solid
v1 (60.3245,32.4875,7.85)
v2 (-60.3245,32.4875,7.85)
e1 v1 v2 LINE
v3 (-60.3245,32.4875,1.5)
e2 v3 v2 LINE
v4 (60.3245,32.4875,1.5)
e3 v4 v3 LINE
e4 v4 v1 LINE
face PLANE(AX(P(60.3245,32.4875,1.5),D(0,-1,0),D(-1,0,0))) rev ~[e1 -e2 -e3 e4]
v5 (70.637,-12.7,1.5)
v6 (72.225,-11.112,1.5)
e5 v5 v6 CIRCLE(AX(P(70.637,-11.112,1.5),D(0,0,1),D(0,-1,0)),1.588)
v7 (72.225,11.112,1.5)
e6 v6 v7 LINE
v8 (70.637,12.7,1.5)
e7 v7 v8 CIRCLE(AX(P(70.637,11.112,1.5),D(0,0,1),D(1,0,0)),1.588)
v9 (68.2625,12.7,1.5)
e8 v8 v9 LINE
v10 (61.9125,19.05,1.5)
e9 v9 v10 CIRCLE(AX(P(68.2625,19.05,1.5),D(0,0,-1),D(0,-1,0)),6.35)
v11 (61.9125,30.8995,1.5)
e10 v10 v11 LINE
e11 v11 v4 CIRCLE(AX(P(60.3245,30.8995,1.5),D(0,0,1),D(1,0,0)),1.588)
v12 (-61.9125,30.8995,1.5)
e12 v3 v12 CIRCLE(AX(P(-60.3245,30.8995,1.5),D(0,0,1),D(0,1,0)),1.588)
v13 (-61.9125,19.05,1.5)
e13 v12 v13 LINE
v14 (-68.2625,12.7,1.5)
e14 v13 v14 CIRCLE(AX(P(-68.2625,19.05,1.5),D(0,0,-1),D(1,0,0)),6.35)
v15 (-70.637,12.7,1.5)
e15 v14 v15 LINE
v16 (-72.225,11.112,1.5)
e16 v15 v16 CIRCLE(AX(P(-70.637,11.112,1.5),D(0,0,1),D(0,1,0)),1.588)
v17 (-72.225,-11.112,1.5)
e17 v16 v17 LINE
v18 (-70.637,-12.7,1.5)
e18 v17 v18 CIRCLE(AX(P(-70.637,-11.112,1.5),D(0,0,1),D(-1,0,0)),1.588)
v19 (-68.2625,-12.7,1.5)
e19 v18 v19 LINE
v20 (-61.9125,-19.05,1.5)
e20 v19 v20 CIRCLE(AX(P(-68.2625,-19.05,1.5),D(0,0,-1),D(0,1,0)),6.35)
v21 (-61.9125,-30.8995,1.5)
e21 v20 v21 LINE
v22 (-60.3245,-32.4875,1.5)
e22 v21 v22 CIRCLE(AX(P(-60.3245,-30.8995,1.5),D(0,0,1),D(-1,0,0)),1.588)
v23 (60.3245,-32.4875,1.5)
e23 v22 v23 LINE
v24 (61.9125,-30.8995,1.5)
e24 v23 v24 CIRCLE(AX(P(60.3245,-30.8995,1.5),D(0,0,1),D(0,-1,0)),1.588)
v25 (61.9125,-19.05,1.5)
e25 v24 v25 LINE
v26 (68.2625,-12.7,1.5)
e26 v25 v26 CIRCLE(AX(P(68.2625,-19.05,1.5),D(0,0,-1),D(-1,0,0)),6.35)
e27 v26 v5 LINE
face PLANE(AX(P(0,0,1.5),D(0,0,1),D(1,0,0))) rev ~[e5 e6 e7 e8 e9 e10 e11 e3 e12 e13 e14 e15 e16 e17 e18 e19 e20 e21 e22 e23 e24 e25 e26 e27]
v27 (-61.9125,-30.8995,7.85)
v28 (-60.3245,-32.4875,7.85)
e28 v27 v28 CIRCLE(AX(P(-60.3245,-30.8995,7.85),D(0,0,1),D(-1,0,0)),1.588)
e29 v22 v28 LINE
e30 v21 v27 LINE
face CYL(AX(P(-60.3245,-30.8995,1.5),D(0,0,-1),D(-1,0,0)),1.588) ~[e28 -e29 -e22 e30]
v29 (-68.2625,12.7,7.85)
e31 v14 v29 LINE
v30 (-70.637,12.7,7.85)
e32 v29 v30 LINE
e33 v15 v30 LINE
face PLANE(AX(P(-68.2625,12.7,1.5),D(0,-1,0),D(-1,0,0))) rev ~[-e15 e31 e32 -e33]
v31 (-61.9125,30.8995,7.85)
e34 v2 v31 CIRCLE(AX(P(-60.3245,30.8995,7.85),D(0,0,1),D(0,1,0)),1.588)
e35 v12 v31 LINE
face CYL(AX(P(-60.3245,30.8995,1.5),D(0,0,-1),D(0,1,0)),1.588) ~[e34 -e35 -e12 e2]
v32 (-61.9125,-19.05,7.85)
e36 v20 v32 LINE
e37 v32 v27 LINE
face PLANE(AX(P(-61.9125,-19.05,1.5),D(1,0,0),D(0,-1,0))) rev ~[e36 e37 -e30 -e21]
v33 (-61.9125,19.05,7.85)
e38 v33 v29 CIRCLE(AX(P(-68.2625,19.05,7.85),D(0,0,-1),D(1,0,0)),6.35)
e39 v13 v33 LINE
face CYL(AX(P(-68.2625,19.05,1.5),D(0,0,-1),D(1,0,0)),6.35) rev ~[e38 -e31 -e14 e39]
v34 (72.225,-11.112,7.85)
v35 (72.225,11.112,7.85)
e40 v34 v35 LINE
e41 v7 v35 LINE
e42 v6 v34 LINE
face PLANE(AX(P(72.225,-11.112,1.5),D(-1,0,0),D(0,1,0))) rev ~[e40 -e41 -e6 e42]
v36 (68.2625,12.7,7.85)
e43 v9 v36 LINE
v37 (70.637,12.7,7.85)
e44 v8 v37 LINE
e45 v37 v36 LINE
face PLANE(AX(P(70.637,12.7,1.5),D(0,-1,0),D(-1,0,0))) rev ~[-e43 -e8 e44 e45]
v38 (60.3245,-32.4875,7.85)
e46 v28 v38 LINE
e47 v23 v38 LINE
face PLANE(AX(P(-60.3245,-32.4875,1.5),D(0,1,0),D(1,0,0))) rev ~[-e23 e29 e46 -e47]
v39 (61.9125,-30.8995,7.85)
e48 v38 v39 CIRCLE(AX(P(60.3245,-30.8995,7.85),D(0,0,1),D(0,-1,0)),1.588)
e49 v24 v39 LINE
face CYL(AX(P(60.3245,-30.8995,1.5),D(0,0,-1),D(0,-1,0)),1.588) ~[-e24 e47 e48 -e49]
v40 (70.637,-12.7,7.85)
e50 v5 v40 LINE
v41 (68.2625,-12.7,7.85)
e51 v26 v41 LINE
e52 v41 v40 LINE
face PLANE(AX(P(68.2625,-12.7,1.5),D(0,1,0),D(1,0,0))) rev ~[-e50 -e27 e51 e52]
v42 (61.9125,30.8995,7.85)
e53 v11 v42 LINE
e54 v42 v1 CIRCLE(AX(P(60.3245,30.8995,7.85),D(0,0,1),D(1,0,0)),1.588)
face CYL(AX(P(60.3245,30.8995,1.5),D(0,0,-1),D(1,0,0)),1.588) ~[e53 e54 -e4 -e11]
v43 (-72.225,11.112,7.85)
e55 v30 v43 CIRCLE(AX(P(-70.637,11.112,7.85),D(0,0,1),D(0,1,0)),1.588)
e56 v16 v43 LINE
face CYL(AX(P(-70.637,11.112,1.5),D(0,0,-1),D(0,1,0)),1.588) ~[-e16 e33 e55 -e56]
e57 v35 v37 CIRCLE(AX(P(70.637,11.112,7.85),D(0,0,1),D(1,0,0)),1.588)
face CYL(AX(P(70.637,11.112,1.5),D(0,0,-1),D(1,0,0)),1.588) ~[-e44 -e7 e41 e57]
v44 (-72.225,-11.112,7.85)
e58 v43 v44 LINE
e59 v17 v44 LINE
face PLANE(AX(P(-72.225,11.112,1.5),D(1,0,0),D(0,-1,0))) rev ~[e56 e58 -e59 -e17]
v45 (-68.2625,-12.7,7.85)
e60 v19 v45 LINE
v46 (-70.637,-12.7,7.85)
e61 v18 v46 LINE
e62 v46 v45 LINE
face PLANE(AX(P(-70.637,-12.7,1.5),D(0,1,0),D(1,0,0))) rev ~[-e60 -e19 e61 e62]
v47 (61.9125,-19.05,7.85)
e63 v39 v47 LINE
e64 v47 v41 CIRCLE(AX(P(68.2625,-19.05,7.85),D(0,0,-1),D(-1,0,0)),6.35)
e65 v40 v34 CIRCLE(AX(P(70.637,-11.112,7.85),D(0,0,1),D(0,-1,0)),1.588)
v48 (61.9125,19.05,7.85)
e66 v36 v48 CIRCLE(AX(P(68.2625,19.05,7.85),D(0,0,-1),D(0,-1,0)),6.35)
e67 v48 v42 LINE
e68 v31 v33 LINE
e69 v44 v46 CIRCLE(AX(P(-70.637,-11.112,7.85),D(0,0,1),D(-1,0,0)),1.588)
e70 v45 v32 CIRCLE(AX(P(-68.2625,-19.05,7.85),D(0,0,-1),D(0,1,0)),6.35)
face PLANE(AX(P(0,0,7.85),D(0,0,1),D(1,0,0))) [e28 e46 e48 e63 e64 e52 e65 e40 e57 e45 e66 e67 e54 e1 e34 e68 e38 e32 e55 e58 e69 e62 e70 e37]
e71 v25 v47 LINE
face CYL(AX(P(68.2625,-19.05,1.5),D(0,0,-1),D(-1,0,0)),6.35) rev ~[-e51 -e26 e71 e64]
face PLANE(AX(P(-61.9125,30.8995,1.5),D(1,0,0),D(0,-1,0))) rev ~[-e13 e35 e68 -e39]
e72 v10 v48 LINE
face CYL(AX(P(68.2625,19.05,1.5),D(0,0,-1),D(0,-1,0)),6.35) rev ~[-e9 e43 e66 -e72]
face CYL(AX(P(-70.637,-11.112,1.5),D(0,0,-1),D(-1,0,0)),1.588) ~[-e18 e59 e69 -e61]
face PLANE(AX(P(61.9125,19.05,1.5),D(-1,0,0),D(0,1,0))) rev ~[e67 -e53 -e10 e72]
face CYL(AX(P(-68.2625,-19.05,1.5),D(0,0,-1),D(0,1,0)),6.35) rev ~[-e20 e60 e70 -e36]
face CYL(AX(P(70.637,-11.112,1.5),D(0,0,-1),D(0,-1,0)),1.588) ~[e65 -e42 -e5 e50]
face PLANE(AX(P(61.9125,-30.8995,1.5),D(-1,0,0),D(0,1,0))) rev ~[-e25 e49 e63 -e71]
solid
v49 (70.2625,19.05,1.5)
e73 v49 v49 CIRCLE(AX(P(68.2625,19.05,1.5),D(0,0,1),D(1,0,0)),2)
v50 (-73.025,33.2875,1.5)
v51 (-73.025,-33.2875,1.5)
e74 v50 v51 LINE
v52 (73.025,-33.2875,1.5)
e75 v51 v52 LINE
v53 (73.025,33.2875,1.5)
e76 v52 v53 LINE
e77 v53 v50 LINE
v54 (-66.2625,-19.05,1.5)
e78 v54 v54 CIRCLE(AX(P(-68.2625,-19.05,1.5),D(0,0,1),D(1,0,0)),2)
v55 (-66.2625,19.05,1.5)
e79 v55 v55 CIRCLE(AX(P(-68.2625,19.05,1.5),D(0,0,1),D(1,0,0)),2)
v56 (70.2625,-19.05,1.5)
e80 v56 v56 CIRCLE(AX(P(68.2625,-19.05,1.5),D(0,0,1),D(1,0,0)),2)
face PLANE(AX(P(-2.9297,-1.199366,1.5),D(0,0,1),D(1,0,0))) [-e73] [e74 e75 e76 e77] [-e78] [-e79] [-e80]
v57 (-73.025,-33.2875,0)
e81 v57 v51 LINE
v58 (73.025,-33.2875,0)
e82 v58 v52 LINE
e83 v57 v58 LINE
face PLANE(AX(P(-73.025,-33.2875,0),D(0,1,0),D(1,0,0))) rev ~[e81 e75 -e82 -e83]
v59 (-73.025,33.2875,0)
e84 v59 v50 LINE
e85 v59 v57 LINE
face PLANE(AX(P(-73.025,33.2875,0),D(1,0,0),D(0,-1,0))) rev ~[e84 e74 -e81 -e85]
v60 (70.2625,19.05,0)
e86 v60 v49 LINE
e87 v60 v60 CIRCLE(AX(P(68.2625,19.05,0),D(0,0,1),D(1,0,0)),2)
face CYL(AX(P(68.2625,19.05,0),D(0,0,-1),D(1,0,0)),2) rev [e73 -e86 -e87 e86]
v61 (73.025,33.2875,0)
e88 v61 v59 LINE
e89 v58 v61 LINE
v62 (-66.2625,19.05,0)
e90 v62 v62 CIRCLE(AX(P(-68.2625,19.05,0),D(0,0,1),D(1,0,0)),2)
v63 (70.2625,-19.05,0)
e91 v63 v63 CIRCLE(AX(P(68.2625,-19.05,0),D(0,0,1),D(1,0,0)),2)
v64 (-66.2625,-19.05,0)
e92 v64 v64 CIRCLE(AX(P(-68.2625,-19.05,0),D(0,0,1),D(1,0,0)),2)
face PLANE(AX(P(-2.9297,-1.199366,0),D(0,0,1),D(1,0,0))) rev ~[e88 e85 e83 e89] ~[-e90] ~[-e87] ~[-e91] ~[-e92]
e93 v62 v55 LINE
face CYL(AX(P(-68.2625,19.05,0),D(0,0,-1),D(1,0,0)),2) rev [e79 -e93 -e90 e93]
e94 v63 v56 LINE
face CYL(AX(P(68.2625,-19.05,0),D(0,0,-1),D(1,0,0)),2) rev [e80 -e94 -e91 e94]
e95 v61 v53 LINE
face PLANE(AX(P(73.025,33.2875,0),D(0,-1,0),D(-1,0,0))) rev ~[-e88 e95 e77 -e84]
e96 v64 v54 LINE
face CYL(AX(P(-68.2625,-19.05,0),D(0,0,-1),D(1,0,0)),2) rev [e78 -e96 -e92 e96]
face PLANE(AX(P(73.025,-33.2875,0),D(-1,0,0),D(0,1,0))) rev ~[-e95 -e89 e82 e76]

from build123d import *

# Parameters (mm, degrees)
F0_R     = 2
F0_R_2   = 4.7625
F1_DEPTH = 1.5
F3_DEPTH = 6.35


with BuildPart() as f1:
    # F0 (on Top) → F1 (new body)
    with BuildSketch(Plane.XY):
        with BuildLine():
            Line((-73.025, 12.7), (-73.025, -12.7))
            Line((-73.025, -12.7), (-68.2625, -12.7))
            ThreePointArc((-68.2625, -12.7), (-61.9125, -19.05), (-68.2625, -25.4))
            Line((-68.2625, -25.4), (-73.025, -25.4))
            Line((-73.025, -25.4), (-73.025, -33.2875))
            Line((-73.025, -33.2875), (73.025, -33.2875))
            Line((73.025, -33.2875), (73.025, -25.4))
            Line((73.025, -25.4), (68.2625, -25.4))
            ThreePointArc((68.2625, -25.4), (61.9125, -19.05), (68.2625, -12.7))
            Line((68.2625, -12.7), (73.025, -12.7))
            Line((73.025, -12.7), (73.025, 12.7))
            Line((73.025, 12.7), (68.2625, 12.7))
            ThreePointArc((68.2625, 12.7), (63.7723719395, 14.5598719395), (61.9125, 19.05))
            Line((61.9125, 19.05), (61.9125, 26.998527348))
            Line((61.9125, 26.998527348), (61.9125, 33.2875))
            Line((61.9125, 33.2875), (-73.025, 33.2875))
            Line((-73.025, 33.2875), (-73.025, 25.4))
            Line((-73.025, 25.4), (-68.2625, 25.4))
            ThreePointArc((-68.2625, 25.4), (-61.9125, 19.05), (-68.2625, 12.7))
            Line((-68.2625, 12.7), (-73.025, 12.7))
        make_face()
        with BuildLine():
            Line((73.025, 33.2875), (61.9125, 33.2875))
            Line((61.9125, 33.2875), (61.9125, 26.998527348))
            Line((61.9125, 26.998527348), (61.9125, 19.05))
            ThreePointArc((61.9125, 19.05), (63.7723719395, 23.5401280605), (68.2625, 25.4))
            Line((68.2625, 25.4), (73.025, 25.4))
            Line((73.025, 25.4), (73.025, 33.2875))
        make_face()
        with BuildLine():
            Line((-73.025, 19.05), (-73.025, 12.7))
            Line((-73.025, 12.7), (-68.2625, 12.7))
            ThreePointArc((-68.2625, 12.7), (-61.9125, 19.05), (-68.2625, 25.4))
            Line((-68.2625, 25.4), (-73.025, 25.4))
            Line((-73.025, 25.4), (-73.025, 19.05))
        make_face()
        with BuildLine():
            ThreePointArc((-63.5, 19.05), (-68.2625, 14.2875), (-73.025, 19.05))
            ThreePointArc((-73.025, 19.05), (-68.2625, 23.8125), (-63.5, 19.05))
        make_face(mode=Mode.SUBTRACT)
        with BuildLine():
            ThreePointArc((-63.5, 19.05), (-68.2625, 23.8125), (-73.025, 19.05))
            ThreePointArc((-73.025, 19.05), (-68.2625, 14.2875), (-63.5, 19.05))
        make_face()
        with Locations((-68.2625, 19.05)):
            Circle(F0_R, mode=Mode.SUBTRACT)
        with BuildLine():
            Line((-73.025, -12.7), (-73.025, -19.05))
            Line((-73.025, -19.05), (-73.025, -25.4))
            Line((-73.025, -25.4), (-68.2625, -25.4))
            ThreePointArc((-68.2625, -25.4), (-61.9125, -19.05), (-68.2625, -12.7))
            Line((-68.2625, -12.7), (-73.025, -12.7))
        make_face()
        with BuildLine():
            ThreePointArc((-73.025, -19.05), (-68.2625, -14.2875), (-63.5, -19.05))
            ThreePointArc((-63.5, -19.05), (-68.2625, -23.8125), (-73.025, -19.05))
        make_face(mode=Mode.SUBTRACT)
        with BuildLine():
            ThreePointArc((-73.025, -19.05), (-68.2625, -23.8125), (-63.5, -19.05))
            ThreePointArc((-63.5, -19.05), (-68.2625, -14.2875), (-73.025, -19.05))
        make_face()
        with Locations((-68.2625, -19.05)):
            Circle(F0_R, mode=Mode.SUBTRACT)
        with BuildLine():
            Line((68.2625, 12.7), (73.025, 12.7))
            Line((73.025, 12.7), (73.025, 19.05))
            Line((73.025, 19.05), (73.025, 25.4))
            Line((73.025, 25.4), (68.2625, 25.4))
            ThreePointArc((68.2625, 25.4), (63.7723719395, 23.5401280605), (61.9125, 19.05))
            ThreePointArc((61.9125, 19.05), (63.7723719395, 14.5598719395), (68.2625, 12.7))
        make_face()
        with Locations((68.2625, 19.05)):
            Circle(F0_R_2, mode=Mode.SUBTRACT)
        with Locations((68.2625, 19.05)):
            Circle(F0_R_2)
        with Locations((68.2625, 19.05)):
            Circle(F0_R, mode=Mode.SUBTRACT)
        with BuildLine():
            Line((68.2625, -25.4), (73.025, -25.4))
            Line((73.025, -25.4), (73.025, -19.05))
            Line((73.025, -19.05), (73.025, -12.7))
            Line((73.025, -12.7), (68.2625, -12.7))
            ThreePointArc((68.2625, -12.7), (61.9125, -19.05), (68.2625, -25.4))
        make_face()
        with Locations((68.2625, -19.05)):
            Circle(F0_R_2, mode=Mode.SUBTRACT)
        with Locations((68.2625, -19.05)):
            Circle(F0_R_2)
        with Locations((68.2625, -19.05)):
            Circle(F0_R, mode=Mode.SUBTRACT)
    extrude(amount=F1_DEPTH)


with BuildPart() as f3:
    # F2 (on face) → F3 (new body)
    with BuildSketch(Plane.XY.offset(1.5)):
        with BuildLine():
            Line((70.637, 12.7), (68.2625, 12.7))
            ThreePointArc((68.2625, 12.7), (63.7723719395, 14.5598719395), (61.9125, 19.05))
            Line((61.9125, 19.05), (61.9125, 30.8995))
            ThreePointArc((61.9125, 30.8995), (61.4473855685, 32.0223855685), (60.3245, 32.4875))
            Line((60.3245, 32.4875), (-60.3245, 32.4875))
            ThreePointArc((-60.3245, 32.4875), (-61.4473855685, 32.0223855685), (-61.9125, 30.8995))
            Line((-61.9125, 30.8995), (-61.9125, 19.05))
            ThreePointArc((-61.9125, 19.05), (-63.7723719395, 14.5598719395), (-68.2625, 12.7))
            Line((-68.2625, 12.7), (-70.637, 12.7))
            ThreePointArc((-70.637, 12.7), (-71.7598855685, 12.2348855685), (-72.225, 11.112))
            Line((-72.225, 11.112), (-72.225, -11.112))
            ThreePointArc((-72.225, -11.112), (-71.7598855685, -12.2348855685), (-70.637, -12.7))
            Line((-70.637, -12.7), (-68.2625, -12.7))
            ThreePointArc((-68.2625, -12.7), (-63.7723719395, -14.5598719395), (-61.9125, -19.05))
            Line((-61.9125, -19.05), (-61.9125, -30.8995))
            ThreePointArc((-61.9125, -30.8995), (-61.4473855685, -32.0223855685), (-60.3245, -32.4875))
            Line((-60.3245, -32.4875), (60.3245, -32.4875))
            ThreePointArc((60.3245, -32.4875), (61.4473855685, -32.0223855685), (61.9125, -30.8995))
            Line((61.9125, -30.8995), (61.9125, -19.05))
            ThreePointArc((61.9125, -19.05), (63.7723719395, -14.5598719395), (68.2625, -12.7))
            Line((68.2625, -12.7), (70.637, -12.7))
            ThreePointArc((70.637, -12.7), (71.7598855685, -12.2348855685), (72.225, -11.112))
            Line((72.225, -11.112), (72.225, 11.112))
            ThreePointArc((72.225, 11.112), (71.7598855685, 12.2348855685), (70.637, 12.7))
        make_face()
    extrude(amount=F3_DEPTH)


solid = Compound([f1.part, f3.part])
